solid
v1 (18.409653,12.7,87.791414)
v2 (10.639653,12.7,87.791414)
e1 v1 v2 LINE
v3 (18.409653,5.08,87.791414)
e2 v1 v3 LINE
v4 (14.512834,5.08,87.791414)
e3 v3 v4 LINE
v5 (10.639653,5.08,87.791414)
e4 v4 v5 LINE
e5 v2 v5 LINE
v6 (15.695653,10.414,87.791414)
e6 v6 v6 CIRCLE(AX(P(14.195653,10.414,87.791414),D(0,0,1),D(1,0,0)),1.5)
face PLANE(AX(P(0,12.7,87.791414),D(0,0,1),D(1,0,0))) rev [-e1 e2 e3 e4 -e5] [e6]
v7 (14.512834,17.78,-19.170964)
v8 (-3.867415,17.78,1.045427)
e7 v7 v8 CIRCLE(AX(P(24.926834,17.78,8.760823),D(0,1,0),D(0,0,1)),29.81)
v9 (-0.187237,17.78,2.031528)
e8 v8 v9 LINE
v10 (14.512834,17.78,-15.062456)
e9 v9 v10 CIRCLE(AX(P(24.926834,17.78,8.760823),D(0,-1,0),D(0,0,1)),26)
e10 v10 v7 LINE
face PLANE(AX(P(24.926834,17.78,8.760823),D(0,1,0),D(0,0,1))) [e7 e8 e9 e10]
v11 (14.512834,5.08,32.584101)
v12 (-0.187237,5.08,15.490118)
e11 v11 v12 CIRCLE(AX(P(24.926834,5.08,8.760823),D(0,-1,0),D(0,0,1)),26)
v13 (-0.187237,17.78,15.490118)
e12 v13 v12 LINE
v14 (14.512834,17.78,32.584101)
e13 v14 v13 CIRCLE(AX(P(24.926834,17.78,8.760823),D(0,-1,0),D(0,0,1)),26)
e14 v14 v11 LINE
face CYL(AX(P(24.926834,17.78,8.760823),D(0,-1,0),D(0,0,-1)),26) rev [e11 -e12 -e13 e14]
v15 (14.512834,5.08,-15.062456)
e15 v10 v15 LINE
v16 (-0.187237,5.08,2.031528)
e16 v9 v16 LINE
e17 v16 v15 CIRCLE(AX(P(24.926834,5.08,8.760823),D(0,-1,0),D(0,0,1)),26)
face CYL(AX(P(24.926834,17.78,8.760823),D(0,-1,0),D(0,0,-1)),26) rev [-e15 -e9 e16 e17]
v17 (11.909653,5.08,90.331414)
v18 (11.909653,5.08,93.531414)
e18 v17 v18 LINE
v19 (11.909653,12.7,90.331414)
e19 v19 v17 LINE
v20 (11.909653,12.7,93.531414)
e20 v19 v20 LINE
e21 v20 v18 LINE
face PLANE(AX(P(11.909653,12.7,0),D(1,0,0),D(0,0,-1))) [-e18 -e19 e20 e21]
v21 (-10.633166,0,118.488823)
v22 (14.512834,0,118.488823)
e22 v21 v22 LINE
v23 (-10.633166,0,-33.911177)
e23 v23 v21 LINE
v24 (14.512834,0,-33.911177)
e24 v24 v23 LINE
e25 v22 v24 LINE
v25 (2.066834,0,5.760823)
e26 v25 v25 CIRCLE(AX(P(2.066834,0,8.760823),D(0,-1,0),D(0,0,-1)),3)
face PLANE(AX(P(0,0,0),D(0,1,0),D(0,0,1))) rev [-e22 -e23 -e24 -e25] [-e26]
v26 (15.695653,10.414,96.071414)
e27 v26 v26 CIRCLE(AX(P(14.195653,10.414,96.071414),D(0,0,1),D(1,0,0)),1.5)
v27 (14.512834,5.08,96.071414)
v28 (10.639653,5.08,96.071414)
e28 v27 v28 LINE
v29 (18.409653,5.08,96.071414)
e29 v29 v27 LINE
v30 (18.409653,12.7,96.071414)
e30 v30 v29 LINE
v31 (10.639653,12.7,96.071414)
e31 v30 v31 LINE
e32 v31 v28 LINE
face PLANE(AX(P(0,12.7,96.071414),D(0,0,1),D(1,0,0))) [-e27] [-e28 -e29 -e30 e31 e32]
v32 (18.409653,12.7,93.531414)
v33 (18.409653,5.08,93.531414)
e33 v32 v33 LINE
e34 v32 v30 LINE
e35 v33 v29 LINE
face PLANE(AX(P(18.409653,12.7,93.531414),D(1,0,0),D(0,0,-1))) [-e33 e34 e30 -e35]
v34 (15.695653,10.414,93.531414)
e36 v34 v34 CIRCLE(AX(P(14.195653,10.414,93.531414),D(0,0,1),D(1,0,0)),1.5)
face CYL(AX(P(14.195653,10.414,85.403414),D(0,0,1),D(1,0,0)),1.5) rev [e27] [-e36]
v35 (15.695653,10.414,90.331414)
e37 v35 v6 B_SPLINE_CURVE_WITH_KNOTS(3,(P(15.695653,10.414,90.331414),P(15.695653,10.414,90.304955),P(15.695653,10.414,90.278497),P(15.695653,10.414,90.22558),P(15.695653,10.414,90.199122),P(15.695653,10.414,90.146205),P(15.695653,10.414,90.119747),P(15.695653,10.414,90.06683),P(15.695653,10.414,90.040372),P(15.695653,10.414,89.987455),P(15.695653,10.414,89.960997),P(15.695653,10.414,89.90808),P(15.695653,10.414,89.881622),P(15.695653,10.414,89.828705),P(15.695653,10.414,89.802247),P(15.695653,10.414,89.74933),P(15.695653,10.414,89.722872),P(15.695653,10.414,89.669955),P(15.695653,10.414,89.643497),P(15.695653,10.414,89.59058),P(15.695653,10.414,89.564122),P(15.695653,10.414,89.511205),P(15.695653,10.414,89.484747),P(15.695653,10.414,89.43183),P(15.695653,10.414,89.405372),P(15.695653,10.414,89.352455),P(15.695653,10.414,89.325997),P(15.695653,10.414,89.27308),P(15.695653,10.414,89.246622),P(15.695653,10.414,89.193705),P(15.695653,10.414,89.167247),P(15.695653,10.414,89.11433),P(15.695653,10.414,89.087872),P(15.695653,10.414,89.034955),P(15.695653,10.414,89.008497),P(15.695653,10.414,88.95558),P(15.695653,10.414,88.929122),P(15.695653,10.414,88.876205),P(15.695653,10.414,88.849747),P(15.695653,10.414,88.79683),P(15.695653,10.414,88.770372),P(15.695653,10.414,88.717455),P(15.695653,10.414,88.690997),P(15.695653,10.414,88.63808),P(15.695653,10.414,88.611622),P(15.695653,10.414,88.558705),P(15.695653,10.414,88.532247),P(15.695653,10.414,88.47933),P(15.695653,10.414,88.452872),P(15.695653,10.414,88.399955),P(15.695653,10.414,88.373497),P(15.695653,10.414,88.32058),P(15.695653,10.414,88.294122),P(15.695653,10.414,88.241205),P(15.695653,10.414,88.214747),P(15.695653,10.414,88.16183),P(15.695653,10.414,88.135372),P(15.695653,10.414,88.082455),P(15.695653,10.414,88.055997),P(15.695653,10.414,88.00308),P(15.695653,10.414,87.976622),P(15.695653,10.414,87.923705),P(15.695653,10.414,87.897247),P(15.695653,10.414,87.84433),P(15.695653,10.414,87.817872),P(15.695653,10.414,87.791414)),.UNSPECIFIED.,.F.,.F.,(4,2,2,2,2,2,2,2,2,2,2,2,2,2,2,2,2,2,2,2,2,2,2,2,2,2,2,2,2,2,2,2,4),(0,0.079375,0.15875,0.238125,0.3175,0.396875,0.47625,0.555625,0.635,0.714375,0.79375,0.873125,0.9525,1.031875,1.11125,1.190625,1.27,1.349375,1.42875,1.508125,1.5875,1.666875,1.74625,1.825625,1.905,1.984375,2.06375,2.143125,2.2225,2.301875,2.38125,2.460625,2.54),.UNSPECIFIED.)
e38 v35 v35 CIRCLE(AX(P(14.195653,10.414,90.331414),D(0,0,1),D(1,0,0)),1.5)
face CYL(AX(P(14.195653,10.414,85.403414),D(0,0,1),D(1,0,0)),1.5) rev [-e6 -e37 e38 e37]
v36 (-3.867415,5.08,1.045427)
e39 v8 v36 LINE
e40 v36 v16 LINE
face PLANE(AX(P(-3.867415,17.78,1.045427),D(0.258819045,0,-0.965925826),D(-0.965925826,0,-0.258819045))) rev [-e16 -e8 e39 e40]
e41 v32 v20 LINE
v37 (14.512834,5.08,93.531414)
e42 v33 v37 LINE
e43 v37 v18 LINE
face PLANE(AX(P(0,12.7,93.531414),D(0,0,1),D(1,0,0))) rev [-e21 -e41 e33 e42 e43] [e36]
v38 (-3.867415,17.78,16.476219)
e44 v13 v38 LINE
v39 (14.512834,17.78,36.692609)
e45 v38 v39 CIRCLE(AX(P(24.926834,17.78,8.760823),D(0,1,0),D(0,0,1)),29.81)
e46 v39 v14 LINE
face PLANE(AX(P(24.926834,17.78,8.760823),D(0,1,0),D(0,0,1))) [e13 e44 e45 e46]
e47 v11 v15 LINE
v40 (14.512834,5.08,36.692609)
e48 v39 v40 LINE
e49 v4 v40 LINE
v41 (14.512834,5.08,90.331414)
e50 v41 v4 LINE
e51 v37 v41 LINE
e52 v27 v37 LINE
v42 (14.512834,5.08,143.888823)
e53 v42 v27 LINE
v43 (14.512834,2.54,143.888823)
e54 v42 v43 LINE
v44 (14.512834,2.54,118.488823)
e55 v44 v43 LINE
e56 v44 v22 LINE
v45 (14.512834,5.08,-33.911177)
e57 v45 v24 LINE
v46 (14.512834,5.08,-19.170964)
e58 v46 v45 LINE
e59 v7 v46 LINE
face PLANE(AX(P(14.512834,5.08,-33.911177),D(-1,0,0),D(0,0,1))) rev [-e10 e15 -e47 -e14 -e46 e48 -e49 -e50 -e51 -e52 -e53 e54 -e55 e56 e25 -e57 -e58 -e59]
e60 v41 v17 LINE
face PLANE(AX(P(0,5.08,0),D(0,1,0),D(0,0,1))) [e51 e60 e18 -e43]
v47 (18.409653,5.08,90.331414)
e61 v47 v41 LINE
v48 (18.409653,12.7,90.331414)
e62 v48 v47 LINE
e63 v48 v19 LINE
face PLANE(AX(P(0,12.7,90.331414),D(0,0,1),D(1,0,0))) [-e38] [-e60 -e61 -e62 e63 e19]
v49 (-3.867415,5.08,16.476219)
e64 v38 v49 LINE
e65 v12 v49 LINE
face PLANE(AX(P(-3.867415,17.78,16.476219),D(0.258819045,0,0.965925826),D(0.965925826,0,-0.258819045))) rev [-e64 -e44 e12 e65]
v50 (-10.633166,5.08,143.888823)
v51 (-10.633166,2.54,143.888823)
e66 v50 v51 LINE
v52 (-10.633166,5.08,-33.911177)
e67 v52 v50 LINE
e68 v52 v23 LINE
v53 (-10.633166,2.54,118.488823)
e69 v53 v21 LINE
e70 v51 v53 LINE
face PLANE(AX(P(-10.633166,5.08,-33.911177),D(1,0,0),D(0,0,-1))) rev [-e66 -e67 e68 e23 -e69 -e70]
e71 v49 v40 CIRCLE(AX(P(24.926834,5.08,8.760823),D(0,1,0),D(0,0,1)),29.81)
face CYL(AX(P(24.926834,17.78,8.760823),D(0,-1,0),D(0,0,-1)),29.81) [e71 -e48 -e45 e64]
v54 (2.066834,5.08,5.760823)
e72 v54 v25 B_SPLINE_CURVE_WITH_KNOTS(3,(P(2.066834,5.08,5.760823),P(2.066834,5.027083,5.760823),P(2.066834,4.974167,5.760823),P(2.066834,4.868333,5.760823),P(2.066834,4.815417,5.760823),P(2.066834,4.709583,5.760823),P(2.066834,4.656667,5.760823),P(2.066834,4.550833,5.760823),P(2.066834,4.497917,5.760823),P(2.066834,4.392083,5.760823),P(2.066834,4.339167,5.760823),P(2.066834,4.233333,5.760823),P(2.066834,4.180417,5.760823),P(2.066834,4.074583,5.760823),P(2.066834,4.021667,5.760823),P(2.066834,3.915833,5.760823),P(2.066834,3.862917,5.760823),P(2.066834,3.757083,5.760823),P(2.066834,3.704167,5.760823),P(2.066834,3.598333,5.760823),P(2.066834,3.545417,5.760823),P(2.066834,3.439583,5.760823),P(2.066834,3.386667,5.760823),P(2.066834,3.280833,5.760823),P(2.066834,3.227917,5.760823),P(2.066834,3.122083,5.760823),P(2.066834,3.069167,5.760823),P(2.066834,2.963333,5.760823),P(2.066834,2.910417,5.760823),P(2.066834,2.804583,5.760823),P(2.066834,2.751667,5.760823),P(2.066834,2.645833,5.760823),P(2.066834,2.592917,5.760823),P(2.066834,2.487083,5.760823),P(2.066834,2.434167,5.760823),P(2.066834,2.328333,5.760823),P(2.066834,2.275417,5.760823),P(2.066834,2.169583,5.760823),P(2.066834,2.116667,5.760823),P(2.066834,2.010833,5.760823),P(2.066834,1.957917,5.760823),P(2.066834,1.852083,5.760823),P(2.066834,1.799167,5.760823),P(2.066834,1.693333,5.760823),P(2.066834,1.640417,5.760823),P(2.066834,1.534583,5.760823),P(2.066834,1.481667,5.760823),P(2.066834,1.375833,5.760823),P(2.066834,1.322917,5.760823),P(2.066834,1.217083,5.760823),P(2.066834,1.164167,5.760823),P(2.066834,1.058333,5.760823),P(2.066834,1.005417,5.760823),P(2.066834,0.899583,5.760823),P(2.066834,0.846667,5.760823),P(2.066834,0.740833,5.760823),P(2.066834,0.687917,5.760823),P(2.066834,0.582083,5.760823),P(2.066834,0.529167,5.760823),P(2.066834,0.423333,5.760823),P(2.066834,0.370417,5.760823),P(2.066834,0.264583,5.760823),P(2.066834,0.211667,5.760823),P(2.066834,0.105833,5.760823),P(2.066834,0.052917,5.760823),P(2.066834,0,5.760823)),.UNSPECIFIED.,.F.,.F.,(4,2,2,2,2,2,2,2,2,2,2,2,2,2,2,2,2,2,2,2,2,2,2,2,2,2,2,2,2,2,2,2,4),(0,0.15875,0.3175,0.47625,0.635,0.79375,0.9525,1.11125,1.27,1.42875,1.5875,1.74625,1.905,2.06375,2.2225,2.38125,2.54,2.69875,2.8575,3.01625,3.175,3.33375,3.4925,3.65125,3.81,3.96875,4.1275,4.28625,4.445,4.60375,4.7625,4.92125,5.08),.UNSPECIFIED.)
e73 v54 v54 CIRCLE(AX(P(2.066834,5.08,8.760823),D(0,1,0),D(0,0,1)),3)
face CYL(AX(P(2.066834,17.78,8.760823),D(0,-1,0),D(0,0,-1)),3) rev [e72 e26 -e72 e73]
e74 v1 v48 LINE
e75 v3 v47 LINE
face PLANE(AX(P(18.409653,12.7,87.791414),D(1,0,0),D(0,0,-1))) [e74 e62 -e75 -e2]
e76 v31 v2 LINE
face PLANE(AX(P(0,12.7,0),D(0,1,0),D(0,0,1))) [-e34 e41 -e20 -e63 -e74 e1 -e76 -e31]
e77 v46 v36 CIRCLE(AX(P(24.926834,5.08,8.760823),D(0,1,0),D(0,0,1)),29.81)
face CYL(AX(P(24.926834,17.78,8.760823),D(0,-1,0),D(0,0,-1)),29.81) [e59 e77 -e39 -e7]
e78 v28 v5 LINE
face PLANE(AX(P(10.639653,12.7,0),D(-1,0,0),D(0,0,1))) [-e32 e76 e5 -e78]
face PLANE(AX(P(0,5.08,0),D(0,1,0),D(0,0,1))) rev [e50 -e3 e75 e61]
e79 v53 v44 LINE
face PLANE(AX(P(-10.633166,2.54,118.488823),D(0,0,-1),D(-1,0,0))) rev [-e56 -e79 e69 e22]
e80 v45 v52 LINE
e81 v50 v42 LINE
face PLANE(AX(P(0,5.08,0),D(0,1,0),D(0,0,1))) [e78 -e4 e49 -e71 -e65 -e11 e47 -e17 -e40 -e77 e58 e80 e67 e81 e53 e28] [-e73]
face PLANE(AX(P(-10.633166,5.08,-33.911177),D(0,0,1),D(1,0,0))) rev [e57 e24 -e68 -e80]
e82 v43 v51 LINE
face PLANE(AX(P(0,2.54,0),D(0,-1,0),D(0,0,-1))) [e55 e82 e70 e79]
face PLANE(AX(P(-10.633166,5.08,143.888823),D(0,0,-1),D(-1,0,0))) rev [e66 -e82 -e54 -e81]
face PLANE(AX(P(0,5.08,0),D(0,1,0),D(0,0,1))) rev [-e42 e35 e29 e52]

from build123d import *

# Parameters (mm, degrees)
SKETCH2_W           = 25.146
SKETCH2_H           = 177.8
BOSS_EXTRUDE1_DEPTH = 5.08
SKETCH4_W           = 25.146
SKETCH4_H           = 25.4
CUT_EXTRUDE2_DEPTH  = 2.54
BOSS_EXTRUDE2_DEPTH = 12.7
SKETCH6_R           = 3
CUT_EXTRUDE3_DEPTH  = 146.707735218
BOSS_EXTRUDE3_DEPTH = 7.62
SKETCH9_R           = 1.5
CUT_EXTRUDE4_DEPTH  = 10.668


with BuildPart() as part:
    # Sketch2 → Boss-Extrude1 (new body)
    with BuildSketch(Plane(origin=(0, 0, 0), x_dir=(1, 0, 0), z_dir=(0, 1, 0))):
        with Locations((1.939834286, -54.988822857)):
            Rectangle(SKETCH2_W, SKETCH2_H)
    extrude(amount=BOSS_EXTRUDE1_DEPTH)

    # Sketch4 → Cut-Extrude2 (cut)
    with BuildSketch(Plane.XZ):
        with Locations((1.939834286, 131.188822857)):
            Rectangle(SKETCH4_W, SKETCH4_H)
    extrude(amount=-CUT_EXTRUDE2_DEPTH, mode=Mode.SUBTRACT)

    # Sketch5 → Boss-Extrude2 (add)
    with BuildSketch(Plane(origin=(0, 5.08, 0), x_dir=(1, 0, 0), z_dir=(0, 1, 0))):
        with BuildLine():
            Line((14.512834286, 19.170963767), (14.512834286, 15.062455759))
            ThreePointArc((14.512834286, 15.062455759), (5.213589162, 8.191698096), (-0.187237198, -2.031527684))
            Line((-0.187237198, -2.031527684), (-3.867414596, -1.045427123))
            ThreePointArc((-3.867414596, -1.045427123), (2.870150259, 11.292575602), (14.512834286, 19.170963767))
        make_face()
        with BuildLine():
            Line((14.512834286, -32.584101473), (14.512834286, -36.692609481))
            ThreePointArc((14.512834286, -36.692609481), (2.870150259, -28.814221316), (-3.867414596, -16.476218592))
            Line((-3.867414596, -16.476218592), (-0.187237198, -15.49011803))
            ThreePointArc((-0.187237198, -15.49011803), (5.213589162, -25.713343811), (14.512834286, -32.584101473))
        make_face()
    extrude(amount=BOSS_EXTRUDE2_DEPTH)

    # Sketch6 → Cut-Extrude3 (cut, through all)
    with BuildSketch(Plane.XZ):
        with Locations(Location((2.066834286, 8.760822857, 0), (0, 0, 270))):
            Circle(SKETCH6_R)
    extrude(amount=-CUT_EXTRUDE3_DEPTH, mode=Mode.SUBTRACT)

    # Sketch8 → Boss-Extrude3 (add)
    with BuildSketch(Plane(origin=(0, 5.08, 0), x_dir=(1, 0, 0), z_dir=(0, 1, 0))):
        Polygon((18.409653056, -90.331413744), (18.409653056, -87.791413744), (10.639653056, -87.791413744), (10.639653056, -96.071413744), (18.409653056, -96.071413744), (18.409653056, -93.531413744), (11.909653056, -93.531413744), (11.909653056, -90.331413744), align=None)
    extrude(amount=BOSS_EXTRUDE3_DEPTH)

    # Sketch9 → Cut-Extrude4 (cut)
    with BuildSketch(Plane.XY.offset(96.071413744)):
        with Locations((14.195653056, 10.414)):
            Circle(SKETCH9_R)
    extrude(amount=-CUT_EXTRUDE4_DEPTH, mode=Mode.SUBTRACT)


solid = part.part
